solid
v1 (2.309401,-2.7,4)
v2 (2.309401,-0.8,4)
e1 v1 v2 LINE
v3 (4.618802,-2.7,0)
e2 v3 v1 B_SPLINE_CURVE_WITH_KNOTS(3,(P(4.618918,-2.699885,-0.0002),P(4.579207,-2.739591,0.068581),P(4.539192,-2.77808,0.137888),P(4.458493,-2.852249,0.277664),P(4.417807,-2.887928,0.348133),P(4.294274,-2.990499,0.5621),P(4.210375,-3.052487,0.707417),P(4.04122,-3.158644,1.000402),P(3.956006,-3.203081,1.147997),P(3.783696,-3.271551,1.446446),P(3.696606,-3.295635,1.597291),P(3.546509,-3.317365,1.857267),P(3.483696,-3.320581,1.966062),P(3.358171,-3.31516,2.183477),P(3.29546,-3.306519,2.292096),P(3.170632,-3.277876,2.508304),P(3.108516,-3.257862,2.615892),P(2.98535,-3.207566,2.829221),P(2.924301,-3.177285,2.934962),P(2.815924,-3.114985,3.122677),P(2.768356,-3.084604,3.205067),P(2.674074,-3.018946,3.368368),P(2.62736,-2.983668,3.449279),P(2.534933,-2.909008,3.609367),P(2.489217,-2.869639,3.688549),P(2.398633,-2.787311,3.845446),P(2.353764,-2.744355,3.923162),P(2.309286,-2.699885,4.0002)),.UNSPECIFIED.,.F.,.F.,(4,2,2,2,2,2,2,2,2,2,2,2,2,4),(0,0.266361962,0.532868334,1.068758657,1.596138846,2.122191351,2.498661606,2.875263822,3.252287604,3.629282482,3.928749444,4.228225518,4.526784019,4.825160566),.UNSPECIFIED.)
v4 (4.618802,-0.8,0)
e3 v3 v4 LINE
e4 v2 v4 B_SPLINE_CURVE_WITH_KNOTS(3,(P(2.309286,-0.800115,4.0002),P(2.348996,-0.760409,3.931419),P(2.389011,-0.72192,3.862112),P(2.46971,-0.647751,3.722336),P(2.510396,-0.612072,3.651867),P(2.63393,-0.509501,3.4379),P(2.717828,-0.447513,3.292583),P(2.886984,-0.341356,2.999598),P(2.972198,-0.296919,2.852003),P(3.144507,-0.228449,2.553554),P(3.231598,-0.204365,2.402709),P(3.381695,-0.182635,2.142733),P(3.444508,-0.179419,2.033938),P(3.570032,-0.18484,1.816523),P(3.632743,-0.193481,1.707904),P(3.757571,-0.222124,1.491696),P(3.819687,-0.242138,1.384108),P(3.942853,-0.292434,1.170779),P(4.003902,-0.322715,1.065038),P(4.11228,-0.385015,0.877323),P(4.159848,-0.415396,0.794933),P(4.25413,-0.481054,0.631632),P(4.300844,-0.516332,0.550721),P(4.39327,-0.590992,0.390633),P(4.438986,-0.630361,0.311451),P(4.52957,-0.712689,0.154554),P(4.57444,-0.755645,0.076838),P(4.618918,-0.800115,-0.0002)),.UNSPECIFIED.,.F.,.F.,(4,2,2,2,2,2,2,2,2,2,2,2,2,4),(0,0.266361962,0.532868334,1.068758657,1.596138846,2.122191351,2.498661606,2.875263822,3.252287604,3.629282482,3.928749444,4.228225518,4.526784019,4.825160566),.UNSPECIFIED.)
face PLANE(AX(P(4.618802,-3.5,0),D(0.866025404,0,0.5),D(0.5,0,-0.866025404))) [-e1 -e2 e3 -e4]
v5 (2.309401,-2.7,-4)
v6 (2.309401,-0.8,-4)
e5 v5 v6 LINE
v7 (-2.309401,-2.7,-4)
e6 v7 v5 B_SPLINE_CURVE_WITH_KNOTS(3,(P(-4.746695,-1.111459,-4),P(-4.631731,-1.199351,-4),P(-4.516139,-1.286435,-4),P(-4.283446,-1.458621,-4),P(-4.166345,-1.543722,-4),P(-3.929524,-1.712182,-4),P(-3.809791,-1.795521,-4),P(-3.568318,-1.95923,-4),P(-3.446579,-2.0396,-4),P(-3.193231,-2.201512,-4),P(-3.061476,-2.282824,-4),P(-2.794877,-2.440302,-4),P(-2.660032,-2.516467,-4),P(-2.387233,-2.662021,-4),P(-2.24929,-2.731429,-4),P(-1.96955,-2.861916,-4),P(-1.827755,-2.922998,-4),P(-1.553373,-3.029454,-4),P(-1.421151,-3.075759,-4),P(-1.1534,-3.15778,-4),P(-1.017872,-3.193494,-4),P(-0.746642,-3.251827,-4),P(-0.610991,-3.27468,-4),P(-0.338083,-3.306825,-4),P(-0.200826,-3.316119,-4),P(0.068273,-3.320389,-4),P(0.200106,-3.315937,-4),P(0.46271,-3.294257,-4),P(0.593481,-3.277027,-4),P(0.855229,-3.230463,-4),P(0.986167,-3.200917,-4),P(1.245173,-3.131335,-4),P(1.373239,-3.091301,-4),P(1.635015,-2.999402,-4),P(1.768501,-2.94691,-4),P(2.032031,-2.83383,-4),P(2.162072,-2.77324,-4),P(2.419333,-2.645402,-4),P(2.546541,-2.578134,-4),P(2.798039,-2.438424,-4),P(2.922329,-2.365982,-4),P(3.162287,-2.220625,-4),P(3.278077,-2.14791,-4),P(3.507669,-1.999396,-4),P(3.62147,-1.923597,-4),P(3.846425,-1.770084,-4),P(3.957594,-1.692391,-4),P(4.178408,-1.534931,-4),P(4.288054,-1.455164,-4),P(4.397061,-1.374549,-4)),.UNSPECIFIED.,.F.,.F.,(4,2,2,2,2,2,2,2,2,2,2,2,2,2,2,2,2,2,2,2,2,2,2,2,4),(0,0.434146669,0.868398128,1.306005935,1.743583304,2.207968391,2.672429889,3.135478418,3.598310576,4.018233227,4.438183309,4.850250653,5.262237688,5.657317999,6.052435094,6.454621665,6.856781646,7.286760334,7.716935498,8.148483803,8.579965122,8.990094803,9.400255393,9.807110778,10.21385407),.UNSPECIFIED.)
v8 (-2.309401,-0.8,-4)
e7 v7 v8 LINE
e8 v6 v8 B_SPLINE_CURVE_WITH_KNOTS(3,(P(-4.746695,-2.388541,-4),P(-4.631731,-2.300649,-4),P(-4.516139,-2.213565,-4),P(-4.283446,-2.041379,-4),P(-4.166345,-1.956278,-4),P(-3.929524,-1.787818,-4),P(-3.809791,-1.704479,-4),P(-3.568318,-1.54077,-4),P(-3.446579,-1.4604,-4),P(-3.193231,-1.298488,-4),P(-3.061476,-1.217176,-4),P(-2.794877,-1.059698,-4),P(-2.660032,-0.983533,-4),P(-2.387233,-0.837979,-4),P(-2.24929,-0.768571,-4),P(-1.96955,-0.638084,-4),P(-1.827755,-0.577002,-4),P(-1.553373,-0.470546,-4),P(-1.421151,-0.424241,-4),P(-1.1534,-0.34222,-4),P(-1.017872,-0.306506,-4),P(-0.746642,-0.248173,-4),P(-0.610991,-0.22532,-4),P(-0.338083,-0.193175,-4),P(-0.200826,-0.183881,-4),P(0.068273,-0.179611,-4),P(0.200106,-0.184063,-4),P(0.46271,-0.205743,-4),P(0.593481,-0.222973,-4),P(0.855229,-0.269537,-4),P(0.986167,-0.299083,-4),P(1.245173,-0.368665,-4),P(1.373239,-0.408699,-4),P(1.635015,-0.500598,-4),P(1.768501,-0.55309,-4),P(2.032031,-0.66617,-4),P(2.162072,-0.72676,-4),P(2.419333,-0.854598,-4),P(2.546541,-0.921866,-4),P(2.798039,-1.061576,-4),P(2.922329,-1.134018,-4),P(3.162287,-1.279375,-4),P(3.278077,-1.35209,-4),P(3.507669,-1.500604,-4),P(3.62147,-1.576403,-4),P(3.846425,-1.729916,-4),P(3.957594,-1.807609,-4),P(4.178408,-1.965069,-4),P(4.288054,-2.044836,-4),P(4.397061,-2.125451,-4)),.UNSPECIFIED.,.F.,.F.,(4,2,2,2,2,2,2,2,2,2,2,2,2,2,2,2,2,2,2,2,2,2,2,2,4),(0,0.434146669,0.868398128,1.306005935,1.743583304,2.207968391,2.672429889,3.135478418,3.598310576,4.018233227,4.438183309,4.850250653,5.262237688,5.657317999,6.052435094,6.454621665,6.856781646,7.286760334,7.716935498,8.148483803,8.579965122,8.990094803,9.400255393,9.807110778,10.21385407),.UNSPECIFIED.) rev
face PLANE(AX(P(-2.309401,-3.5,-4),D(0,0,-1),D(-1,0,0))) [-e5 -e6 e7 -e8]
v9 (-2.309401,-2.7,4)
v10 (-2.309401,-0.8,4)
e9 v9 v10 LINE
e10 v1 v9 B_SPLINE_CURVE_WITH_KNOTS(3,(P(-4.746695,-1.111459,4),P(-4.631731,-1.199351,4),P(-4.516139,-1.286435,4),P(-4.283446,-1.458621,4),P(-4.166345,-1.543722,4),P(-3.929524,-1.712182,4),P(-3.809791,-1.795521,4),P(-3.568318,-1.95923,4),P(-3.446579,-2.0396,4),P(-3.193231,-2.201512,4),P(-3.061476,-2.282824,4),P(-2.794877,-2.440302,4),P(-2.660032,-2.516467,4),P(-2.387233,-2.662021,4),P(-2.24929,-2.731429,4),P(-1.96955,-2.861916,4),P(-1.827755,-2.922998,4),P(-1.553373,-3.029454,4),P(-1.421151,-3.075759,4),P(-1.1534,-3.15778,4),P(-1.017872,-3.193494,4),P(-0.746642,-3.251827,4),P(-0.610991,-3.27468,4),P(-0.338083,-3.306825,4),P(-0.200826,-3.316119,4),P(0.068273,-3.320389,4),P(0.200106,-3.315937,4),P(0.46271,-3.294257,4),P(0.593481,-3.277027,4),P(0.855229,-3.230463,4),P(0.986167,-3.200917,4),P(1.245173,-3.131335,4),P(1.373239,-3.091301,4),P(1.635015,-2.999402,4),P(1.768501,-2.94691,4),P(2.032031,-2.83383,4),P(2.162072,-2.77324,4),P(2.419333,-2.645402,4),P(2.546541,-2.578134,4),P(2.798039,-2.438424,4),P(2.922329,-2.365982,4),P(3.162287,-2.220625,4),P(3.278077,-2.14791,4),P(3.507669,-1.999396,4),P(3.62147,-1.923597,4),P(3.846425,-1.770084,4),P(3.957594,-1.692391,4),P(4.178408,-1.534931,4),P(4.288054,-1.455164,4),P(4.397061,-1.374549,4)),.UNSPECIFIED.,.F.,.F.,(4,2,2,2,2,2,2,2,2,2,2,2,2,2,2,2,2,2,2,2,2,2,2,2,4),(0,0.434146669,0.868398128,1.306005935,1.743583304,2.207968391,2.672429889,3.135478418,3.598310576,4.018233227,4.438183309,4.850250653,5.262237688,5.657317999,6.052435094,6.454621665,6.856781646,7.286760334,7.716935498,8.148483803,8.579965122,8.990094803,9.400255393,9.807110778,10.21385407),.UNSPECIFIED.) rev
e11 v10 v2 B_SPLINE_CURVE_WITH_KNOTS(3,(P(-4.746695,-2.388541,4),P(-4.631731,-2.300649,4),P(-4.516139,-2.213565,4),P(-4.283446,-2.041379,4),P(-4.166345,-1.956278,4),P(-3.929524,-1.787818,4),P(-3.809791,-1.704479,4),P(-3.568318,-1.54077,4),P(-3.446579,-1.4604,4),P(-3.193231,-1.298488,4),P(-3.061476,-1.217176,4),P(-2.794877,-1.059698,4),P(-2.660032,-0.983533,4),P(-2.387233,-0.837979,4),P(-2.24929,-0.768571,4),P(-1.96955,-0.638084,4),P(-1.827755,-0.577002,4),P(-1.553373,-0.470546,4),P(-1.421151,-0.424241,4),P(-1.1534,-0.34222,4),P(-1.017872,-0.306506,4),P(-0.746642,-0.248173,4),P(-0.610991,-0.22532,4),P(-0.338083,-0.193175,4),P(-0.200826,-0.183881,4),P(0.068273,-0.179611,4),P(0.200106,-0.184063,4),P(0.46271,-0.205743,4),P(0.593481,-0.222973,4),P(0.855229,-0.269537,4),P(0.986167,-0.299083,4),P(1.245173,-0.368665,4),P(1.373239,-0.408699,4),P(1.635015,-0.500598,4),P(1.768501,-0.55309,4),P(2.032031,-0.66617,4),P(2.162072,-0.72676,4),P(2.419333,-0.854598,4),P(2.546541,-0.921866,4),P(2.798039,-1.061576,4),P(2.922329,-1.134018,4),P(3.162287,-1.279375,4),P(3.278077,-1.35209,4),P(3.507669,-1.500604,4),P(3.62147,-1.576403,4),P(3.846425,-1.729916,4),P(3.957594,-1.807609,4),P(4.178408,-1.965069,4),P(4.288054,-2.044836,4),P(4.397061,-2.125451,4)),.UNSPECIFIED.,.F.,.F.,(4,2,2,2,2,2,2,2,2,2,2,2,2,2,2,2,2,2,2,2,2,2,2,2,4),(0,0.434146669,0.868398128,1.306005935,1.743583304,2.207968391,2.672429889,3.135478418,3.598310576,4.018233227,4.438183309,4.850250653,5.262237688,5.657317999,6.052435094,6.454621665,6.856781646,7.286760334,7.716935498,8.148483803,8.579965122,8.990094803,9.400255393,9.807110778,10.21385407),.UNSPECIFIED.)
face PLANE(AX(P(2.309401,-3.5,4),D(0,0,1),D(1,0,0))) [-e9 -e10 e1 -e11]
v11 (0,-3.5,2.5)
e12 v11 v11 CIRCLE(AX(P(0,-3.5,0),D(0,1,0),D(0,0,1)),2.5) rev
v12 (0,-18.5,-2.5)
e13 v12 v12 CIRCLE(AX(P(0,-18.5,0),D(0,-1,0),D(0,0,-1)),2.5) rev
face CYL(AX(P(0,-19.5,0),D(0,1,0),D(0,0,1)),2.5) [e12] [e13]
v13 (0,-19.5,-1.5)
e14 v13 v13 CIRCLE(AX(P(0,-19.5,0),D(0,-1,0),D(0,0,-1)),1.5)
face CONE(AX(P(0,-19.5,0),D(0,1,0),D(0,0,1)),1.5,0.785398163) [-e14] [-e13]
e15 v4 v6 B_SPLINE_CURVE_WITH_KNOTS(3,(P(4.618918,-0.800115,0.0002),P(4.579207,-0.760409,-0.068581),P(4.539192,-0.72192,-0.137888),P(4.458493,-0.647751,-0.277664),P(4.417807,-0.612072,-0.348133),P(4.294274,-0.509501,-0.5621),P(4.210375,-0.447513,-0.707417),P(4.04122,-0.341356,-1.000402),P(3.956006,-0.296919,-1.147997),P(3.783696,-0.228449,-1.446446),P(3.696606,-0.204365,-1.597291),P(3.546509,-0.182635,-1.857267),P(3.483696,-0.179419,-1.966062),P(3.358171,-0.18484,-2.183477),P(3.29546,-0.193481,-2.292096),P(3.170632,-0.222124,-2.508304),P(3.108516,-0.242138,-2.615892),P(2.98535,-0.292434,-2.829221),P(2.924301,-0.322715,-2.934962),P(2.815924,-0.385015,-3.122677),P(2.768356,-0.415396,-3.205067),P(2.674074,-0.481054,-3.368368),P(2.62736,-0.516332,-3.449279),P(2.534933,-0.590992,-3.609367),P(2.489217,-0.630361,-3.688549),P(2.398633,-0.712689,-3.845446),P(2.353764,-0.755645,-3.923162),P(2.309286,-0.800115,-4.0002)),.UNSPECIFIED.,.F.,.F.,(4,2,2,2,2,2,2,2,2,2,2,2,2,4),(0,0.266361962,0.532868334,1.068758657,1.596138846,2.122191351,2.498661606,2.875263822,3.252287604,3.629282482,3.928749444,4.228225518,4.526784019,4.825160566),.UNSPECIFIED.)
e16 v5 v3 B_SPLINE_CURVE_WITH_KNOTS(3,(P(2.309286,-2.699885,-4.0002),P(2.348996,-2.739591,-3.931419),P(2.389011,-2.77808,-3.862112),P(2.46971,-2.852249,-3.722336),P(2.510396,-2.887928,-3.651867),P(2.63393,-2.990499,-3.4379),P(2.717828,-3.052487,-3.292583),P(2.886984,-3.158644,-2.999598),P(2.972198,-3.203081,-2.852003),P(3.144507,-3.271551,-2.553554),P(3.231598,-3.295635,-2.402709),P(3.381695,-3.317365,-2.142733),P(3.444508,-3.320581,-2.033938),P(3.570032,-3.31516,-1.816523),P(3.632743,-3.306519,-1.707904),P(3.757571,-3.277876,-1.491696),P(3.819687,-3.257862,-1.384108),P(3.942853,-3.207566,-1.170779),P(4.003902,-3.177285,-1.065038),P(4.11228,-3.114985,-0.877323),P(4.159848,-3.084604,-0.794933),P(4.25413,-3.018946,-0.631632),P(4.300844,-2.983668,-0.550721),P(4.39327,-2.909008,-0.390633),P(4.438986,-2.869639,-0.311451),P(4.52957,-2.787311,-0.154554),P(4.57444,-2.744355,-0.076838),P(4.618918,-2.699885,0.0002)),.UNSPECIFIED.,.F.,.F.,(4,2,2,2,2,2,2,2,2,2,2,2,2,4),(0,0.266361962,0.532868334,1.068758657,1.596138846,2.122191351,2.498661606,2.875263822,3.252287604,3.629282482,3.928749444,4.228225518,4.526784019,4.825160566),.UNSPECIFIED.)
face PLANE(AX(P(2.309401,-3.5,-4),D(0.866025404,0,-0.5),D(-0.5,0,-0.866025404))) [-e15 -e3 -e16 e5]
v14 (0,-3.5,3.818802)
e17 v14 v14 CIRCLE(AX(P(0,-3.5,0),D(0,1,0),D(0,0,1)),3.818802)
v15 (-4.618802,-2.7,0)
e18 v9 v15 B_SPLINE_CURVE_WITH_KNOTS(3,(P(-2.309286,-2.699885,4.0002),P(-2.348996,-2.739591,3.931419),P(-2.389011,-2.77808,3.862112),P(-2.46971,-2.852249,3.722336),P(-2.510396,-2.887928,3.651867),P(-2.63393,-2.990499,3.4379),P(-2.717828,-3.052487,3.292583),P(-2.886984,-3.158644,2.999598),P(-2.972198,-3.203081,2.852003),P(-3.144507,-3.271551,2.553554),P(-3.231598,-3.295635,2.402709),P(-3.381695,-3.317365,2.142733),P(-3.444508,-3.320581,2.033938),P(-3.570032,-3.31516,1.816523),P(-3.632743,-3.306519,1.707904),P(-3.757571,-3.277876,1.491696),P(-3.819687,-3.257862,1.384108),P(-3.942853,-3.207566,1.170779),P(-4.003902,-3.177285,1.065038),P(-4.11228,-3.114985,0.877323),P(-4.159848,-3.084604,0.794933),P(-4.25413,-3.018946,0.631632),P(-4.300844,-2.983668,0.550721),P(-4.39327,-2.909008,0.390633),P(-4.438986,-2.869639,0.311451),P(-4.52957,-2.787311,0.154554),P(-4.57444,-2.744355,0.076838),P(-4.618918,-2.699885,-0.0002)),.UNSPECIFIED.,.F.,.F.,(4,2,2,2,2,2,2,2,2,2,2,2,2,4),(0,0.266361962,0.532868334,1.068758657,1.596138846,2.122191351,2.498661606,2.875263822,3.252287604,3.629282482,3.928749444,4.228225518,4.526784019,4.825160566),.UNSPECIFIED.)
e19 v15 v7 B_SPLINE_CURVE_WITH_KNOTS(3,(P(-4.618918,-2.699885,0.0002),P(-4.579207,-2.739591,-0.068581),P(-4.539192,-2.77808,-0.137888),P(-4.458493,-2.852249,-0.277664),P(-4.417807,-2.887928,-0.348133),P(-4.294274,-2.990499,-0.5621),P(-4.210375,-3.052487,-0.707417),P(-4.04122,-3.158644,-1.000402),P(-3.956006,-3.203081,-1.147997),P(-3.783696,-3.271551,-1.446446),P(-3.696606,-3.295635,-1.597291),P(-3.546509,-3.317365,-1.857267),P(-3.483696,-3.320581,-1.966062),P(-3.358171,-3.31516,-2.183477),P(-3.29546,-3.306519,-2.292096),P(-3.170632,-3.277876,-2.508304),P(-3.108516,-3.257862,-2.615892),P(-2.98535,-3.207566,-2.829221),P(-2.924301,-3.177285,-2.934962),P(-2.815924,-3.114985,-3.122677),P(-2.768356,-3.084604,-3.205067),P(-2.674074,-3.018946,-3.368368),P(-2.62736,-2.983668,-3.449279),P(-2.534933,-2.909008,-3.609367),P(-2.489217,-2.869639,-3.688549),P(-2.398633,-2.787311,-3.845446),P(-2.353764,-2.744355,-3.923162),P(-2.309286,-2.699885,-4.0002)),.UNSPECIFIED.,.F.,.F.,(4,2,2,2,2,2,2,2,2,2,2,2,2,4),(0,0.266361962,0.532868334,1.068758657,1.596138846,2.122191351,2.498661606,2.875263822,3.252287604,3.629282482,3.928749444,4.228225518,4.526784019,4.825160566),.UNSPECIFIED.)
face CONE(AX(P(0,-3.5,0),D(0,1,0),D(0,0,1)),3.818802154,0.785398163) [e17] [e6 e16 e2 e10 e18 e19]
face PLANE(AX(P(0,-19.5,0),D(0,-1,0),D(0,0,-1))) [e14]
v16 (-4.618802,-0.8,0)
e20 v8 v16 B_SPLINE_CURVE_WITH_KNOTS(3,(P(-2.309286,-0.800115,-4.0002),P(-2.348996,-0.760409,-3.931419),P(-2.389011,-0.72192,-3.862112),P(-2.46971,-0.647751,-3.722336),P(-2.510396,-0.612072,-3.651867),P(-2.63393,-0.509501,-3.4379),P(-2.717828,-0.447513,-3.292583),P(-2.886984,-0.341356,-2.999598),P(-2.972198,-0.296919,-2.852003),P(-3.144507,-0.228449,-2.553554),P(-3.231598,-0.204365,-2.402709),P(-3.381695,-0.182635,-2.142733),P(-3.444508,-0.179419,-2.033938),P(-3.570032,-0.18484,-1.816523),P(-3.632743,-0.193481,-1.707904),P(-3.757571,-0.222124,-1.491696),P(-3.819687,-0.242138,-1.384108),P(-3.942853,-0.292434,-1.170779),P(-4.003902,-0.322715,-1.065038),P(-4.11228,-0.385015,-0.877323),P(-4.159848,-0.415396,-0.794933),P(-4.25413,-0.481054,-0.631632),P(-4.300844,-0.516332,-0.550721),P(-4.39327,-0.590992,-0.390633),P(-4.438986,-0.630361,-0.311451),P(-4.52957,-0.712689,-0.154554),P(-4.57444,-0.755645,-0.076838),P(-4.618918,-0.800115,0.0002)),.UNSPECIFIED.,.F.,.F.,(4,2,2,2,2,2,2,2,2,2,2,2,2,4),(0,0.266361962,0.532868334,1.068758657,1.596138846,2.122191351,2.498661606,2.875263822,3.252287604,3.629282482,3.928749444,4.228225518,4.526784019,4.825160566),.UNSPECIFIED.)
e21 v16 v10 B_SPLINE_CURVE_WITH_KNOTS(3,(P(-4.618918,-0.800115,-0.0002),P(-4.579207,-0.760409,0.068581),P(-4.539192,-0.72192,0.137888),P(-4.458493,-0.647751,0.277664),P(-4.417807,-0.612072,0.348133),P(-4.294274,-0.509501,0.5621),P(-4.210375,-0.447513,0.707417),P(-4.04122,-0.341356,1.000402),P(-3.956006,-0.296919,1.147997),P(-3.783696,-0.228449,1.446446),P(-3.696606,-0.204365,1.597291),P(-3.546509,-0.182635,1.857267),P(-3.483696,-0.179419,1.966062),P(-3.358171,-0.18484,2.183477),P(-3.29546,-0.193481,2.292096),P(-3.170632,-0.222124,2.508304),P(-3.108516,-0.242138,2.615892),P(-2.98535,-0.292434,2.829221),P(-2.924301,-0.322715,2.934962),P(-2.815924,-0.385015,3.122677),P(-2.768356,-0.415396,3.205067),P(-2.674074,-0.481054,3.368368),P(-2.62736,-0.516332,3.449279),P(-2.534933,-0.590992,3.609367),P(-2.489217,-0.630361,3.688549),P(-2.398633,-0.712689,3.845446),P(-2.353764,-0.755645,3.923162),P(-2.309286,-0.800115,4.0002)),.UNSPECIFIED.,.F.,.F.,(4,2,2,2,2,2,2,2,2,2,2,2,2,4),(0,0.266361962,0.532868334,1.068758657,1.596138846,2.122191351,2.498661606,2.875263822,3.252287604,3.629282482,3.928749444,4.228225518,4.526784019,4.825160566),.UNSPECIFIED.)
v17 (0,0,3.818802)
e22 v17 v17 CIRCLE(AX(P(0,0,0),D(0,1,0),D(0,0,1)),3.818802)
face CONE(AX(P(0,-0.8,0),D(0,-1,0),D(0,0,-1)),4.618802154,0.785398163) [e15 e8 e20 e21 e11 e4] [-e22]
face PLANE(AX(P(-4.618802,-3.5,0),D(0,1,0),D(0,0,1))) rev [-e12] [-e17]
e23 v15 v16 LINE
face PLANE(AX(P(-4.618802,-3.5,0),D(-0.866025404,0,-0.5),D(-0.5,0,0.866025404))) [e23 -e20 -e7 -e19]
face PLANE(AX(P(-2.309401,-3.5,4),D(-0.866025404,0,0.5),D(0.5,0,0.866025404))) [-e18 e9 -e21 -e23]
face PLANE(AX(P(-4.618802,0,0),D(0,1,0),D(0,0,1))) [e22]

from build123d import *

# Parameters (mm, degrees)
EXTRUDE_1_DEPTH = 3.5
SKETCH_5_R      = 2.5
EXTRUDE_2_DEPTH = 16
CHAMFER_1_SIZE  = 1


with BuildPart() as part:
    # Эскиз1 → Вытянуть1 (new body)
    with BuildSketch(Plane(origin=(0, 0, 0), x_dir=(1, 0, 0), z_dir=(0, 1, 0))):
        Polygon((-2.309401077, 4), (2.309401077, 4), (4.618802154, 0), (2.309401077, -4), (-2.309401077, -4), (-4.618802154, 0), align=None)
    extrude(amount=-EXTRUDE_1_DEPTH)

    # Эскиз5 → Вытянуть2 (add)
    with BuildSketch(Plane.XZ.offset(3.5)):
        with Locations(Location((0, 0, 0), (0, 0, 90))):
            Circle(SKETCH_5_R)
    extrude(amount=EXTRUDE_2_DEPTH)

    # Фаска1
    chamfer_1_edges = [part.edges().sort_by_distance(p)[0] for p in [
        (0, -19.5, -2.5),
    ]]
    chamfer(chamfer_1_edges, length=CHAMFER_1_SIZE)

    # Эскиз4 → Вырез-Повернуть1 (revolve, cut)
    with BuildSketch(Plane.XY, mode=Mode.PRIVATE) as cut_revolve_1_sk:
        Polygon((-4.618802154, -0.8), (-3.818802154, 0), (-4.618802154, 0), align=None)
        Polygon((-4.618802154, -2.7), (-3.818802154, -3.5), (-4.618802154, -3.5), align=None)
    revolve(cut_revolve_1_sk.sketch.rotate(Axis((0, -3.5, 0), (0, -1, 0)), 120.000000119), axis=Axis((0, -3.5, 0), (0, -1, 0)), mode=Mode.SUBTRACT)


solid = part.part
